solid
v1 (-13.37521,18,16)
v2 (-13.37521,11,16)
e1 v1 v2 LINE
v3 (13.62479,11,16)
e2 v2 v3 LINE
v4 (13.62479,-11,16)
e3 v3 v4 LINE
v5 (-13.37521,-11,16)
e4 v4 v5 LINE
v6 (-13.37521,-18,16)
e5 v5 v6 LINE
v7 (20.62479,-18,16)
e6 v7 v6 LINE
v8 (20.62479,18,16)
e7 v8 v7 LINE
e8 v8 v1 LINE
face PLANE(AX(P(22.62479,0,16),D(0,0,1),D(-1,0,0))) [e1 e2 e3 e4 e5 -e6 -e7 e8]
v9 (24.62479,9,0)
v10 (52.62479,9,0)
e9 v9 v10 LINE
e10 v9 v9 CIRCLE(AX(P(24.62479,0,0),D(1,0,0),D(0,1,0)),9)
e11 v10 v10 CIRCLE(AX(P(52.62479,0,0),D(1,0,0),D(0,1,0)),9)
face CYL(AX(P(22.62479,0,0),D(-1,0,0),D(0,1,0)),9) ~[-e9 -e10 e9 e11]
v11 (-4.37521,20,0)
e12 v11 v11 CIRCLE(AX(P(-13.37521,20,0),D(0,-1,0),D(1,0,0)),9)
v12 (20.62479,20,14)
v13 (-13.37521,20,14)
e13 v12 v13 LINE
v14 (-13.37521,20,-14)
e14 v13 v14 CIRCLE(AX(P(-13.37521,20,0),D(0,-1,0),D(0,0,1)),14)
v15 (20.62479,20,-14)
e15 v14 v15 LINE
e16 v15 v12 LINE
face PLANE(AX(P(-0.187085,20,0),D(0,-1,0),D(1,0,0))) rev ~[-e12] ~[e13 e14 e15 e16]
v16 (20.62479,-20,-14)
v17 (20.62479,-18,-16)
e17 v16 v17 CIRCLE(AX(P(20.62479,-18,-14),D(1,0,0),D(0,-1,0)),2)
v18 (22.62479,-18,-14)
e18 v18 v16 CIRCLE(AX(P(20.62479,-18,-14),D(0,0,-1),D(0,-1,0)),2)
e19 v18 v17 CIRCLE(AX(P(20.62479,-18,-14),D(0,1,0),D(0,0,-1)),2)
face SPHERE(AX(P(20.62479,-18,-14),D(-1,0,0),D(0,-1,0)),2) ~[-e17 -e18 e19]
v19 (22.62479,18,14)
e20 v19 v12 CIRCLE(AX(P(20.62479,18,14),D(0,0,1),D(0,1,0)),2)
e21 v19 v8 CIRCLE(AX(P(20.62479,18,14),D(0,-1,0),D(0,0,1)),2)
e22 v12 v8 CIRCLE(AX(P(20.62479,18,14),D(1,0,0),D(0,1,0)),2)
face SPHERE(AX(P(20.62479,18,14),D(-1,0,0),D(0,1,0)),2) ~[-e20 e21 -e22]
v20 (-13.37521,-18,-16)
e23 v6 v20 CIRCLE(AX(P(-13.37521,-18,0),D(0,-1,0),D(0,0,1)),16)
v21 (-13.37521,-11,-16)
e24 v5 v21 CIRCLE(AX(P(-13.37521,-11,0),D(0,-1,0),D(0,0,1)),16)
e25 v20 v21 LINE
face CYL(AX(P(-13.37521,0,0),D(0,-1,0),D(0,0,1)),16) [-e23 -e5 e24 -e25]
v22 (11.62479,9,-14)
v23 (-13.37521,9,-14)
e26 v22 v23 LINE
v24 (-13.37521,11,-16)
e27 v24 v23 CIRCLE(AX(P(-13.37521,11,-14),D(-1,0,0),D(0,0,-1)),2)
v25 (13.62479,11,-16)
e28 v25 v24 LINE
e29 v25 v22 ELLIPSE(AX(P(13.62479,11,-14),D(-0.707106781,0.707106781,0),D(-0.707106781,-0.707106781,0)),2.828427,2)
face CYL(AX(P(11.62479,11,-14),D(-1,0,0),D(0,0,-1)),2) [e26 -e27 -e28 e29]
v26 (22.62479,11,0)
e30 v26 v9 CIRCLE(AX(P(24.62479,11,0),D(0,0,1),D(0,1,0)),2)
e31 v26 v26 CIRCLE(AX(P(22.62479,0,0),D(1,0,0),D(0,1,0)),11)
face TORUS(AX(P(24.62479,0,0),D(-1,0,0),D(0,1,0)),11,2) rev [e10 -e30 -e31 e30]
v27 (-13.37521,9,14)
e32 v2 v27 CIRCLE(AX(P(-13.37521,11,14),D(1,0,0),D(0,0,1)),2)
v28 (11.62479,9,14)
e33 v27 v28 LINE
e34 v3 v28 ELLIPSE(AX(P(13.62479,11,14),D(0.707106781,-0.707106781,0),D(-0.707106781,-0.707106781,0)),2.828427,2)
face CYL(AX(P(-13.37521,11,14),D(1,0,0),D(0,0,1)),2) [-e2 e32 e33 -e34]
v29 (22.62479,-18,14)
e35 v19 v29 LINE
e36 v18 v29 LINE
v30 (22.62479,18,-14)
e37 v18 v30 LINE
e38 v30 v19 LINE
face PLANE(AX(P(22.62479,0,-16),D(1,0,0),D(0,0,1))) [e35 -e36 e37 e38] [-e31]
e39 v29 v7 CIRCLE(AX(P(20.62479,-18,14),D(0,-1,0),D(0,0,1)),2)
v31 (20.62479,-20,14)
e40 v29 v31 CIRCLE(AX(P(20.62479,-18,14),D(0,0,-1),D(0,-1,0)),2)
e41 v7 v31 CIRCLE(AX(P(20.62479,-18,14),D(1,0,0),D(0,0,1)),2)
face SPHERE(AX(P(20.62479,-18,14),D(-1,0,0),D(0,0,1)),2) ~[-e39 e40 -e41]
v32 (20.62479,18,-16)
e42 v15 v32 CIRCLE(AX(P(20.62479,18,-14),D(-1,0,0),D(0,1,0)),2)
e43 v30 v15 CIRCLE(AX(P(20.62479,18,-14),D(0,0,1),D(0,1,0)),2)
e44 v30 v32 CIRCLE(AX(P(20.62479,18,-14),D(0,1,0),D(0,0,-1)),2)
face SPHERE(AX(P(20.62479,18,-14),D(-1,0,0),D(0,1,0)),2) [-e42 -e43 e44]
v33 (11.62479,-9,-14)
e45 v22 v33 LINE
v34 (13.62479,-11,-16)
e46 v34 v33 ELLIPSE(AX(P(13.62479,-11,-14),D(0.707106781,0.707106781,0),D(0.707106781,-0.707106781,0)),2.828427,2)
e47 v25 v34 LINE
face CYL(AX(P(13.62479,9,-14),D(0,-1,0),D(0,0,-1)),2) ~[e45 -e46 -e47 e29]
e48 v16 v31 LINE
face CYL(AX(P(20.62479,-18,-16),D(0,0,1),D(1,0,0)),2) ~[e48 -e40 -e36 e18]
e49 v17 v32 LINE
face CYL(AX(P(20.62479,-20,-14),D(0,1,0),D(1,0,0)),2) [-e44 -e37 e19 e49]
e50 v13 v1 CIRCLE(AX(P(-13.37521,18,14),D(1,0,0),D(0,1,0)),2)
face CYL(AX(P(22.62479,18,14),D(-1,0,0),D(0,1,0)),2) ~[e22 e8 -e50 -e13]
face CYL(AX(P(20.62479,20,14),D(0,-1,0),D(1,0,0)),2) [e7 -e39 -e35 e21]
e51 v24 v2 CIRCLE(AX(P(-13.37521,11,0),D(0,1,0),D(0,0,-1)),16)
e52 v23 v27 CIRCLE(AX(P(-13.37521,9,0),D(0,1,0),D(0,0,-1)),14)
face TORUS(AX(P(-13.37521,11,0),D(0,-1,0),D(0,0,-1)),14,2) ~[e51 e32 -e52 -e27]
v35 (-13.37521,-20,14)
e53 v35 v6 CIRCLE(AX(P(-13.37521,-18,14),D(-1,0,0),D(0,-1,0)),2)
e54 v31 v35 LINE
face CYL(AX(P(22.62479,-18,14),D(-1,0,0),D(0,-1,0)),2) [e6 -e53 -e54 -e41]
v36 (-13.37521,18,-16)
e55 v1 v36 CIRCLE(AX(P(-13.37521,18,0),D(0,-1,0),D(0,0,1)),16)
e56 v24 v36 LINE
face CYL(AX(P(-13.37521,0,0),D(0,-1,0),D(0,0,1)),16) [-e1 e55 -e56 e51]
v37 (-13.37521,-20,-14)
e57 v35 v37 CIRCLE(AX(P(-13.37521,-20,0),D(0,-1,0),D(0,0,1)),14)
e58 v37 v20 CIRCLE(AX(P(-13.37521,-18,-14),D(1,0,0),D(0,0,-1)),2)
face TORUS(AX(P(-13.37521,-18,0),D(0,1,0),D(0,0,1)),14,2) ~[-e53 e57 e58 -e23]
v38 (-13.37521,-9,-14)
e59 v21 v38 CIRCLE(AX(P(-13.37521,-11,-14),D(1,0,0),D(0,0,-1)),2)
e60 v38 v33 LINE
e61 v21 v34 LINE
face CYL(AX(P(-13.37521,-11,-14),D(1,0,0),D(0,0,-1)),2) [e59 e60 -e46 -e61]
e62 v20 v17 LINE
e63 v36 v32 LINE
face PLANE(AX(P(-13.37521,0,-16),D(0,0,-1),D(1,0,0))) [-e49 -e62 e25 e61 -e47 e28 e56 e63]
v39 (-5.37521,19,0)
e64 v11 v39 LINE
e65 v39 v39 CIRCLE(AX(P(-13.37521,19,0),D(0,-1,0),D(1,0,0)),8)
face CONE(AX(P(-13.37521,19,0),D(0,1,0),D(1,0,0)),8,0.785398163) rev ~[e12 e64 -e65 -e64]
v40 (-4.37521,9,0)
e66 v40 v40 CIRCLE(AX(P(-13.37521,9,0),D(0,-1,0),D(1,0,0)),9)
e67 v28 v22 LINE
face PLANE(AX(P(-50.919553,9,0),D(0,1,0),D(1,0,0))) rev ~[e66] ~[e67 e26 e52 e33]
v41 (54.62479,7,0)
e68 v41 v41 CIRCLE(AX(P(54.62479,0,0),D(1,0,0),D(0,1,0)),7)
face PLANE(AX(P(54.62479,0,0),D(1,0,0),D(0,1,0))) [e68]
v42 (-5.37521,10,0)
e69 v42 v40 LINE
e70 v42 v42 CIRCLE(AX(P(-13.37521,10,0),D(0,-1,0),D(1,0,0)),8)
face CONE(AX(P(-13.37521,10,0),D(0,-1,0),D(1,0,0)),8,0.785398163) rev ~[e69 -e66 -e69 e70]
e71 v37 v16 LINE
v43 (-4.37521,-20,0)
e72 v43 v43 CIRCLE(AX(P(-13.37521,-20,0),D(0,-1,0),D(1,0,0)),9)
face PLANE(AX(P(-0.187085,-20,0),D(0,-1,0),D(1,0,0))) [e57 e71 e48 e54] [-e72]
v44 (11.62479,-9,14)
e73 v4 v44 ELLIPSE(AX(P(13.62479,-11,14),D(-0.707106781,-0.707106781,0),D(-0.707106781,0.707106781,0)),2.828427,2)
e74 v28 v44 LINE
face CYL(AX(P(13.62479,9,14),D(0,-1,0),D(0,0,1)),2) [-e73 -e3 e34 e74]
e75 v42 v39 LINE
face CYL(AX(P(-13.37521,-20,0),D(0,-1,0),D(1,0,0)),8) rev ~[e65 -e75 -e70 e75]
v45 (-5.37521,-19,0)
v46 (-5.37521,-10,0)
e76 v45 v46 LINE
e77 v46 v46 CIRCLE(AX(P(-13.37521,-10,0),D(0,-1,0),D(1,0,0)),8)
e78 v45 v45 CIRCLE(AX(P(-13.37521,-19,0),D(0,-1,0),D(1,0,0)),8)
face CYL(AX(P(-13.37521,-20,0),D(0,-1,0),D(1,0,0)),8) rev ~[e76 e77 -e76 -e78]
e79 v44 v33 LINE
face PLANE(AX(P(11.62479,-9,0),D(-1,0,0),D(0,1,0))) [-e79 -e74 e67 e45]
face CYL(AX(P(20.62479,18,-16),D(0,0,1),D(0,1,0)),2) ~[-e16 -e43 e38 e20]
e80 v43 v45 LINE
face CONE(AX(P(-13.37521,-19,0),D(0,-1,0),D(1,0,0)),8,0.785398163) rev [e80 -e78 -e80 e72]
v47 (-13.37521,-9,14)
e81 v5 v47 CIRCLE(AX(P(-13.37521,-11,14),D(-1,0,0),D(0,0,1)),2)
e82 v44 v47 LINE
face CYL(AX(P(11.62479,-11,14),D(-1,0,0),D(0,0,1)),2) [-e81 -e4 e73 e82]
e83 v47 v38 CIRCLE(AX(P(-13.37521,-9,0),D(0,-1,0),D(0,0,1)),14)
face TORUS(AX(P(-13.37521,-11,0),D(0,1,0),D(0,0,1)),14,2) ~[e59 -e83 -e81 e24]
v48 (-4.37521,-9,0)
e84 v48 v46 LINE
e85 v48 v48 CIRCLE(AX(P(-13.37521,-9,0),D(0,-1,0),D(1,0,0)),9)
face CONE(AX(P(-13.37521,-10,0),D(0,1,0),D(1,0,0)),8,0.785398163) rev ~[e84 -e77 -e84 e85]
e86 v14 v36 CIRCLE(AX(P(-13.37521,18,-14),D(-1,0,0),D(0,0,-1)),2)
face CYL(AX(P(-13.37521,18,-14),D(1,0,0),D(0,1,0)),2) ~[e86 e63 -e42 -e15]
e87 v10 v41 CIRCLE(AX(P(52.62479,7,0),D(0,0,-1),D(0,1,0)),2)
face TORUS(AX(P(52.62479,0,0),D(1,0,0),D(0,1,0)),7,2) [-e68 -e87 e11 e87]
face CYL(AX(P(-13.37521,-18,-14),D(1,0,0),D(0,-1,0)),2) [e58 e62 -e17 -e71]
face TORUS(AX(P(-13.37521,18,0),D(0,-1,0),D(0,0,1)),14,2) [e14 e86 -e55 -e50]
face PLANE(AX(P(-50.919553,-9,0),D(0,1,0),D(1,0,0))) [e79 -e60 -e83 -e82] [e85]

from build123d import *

# Parameters (mm, degrees)
F1_DEPTH      = 20
F1_DEPTH_BACK = 20
F2_R          = 8
F3_DEPTH      = 40.001
F4_W          = 62.5443432552
F4_H          = 18
F5_DEPTH      = 16.001
F5_DEPTH_BACK = 25
F6_R          = 9
F7_DEPTH      = 32
F8_SIZE       = 1
F9_R          = 2


with BuildPart() as f1:
    # F0 (on Front) → F1 (new body, two sides)
    with BuildSketch(Plane.XZ) as f1_sk:
        with BuildLine():
            Line((22.6247903556, -16), (22.6247903556, 16))
            Line((22.6247903556, 16), (-13.3752096444, 16))
            ThreePointArc((-13.3752096444, 16), (-29.3752096444, 0), (-13.3752096444, -16))
            Line((-13.3752096444, -16), (22.6247903556, -16))
        make_face()
    extrude(amount=F1_DEPTH)
    extrude(f1_sk.sketch, amount=-F1_DEPTH_BACK)

    # F2 (on face) → F3 (cut, through all)
    with BuildSketch(Plane.XZ.offset(20)):
        with Locations((-13.3752096444, 0)):
            Circle(F2_R)
    extrude(amount=-F3_DEPTH, mode=Mode.SUBTRACT)

    # F4 (on Top) → F5 (cut, two sides)
    with BuildSketch(Plane.XY) as f5_sk:
        with Locations((-19.647381272, 0)):
            Rectangle(F4_W, F4_H)
    extrude(amount=F5_DEPTH, mode=Mode.SUBTRACT)
    extrude(f5_sk.sketch, amount=-F5_DEPTH_BACK, mode=Mode.SUBTRACT)

    # F6 (on face) → F7 (join)
    with BuildSketch(Plane.YZ.offset(22.6247903556)):
        Circle(F6_R)
    extrude(amount=F7_DEPTH)

    # F8
    f8_edges = [f1.edges().sort_by_distance(p)[0] for p in [
        (-21.37521, -20, 0),
        (-21.37521, 20, 0),
        (-21.37521, -9, 0),
        (-21.37521, 9, 0),
    ]]
    chamfer(f8_edges, length=F8_SIZE)

    # F9
    f9_edges = [f1.edges().sort_by_distance(p)[0] for p in [
        (-29.37521, -20, 0),
        (-0.87521, -9, 16),
        (11.62479, 0, 16),
        (11.62479, 0, -16),
        (-0.87521, 9, -16),
        (-29.37521, 20, 0),
        (22.62479, 20, 0),
        (22.62479, 0, 16),
        (22.62479, -20, 0),
        (22.62479, 0, -16),
        (54.62479, -9, 0),
        (22.62479, -9, 0),
    ]]
    fillet(f9_edges, radius=F9_R)


solid = f1.part
